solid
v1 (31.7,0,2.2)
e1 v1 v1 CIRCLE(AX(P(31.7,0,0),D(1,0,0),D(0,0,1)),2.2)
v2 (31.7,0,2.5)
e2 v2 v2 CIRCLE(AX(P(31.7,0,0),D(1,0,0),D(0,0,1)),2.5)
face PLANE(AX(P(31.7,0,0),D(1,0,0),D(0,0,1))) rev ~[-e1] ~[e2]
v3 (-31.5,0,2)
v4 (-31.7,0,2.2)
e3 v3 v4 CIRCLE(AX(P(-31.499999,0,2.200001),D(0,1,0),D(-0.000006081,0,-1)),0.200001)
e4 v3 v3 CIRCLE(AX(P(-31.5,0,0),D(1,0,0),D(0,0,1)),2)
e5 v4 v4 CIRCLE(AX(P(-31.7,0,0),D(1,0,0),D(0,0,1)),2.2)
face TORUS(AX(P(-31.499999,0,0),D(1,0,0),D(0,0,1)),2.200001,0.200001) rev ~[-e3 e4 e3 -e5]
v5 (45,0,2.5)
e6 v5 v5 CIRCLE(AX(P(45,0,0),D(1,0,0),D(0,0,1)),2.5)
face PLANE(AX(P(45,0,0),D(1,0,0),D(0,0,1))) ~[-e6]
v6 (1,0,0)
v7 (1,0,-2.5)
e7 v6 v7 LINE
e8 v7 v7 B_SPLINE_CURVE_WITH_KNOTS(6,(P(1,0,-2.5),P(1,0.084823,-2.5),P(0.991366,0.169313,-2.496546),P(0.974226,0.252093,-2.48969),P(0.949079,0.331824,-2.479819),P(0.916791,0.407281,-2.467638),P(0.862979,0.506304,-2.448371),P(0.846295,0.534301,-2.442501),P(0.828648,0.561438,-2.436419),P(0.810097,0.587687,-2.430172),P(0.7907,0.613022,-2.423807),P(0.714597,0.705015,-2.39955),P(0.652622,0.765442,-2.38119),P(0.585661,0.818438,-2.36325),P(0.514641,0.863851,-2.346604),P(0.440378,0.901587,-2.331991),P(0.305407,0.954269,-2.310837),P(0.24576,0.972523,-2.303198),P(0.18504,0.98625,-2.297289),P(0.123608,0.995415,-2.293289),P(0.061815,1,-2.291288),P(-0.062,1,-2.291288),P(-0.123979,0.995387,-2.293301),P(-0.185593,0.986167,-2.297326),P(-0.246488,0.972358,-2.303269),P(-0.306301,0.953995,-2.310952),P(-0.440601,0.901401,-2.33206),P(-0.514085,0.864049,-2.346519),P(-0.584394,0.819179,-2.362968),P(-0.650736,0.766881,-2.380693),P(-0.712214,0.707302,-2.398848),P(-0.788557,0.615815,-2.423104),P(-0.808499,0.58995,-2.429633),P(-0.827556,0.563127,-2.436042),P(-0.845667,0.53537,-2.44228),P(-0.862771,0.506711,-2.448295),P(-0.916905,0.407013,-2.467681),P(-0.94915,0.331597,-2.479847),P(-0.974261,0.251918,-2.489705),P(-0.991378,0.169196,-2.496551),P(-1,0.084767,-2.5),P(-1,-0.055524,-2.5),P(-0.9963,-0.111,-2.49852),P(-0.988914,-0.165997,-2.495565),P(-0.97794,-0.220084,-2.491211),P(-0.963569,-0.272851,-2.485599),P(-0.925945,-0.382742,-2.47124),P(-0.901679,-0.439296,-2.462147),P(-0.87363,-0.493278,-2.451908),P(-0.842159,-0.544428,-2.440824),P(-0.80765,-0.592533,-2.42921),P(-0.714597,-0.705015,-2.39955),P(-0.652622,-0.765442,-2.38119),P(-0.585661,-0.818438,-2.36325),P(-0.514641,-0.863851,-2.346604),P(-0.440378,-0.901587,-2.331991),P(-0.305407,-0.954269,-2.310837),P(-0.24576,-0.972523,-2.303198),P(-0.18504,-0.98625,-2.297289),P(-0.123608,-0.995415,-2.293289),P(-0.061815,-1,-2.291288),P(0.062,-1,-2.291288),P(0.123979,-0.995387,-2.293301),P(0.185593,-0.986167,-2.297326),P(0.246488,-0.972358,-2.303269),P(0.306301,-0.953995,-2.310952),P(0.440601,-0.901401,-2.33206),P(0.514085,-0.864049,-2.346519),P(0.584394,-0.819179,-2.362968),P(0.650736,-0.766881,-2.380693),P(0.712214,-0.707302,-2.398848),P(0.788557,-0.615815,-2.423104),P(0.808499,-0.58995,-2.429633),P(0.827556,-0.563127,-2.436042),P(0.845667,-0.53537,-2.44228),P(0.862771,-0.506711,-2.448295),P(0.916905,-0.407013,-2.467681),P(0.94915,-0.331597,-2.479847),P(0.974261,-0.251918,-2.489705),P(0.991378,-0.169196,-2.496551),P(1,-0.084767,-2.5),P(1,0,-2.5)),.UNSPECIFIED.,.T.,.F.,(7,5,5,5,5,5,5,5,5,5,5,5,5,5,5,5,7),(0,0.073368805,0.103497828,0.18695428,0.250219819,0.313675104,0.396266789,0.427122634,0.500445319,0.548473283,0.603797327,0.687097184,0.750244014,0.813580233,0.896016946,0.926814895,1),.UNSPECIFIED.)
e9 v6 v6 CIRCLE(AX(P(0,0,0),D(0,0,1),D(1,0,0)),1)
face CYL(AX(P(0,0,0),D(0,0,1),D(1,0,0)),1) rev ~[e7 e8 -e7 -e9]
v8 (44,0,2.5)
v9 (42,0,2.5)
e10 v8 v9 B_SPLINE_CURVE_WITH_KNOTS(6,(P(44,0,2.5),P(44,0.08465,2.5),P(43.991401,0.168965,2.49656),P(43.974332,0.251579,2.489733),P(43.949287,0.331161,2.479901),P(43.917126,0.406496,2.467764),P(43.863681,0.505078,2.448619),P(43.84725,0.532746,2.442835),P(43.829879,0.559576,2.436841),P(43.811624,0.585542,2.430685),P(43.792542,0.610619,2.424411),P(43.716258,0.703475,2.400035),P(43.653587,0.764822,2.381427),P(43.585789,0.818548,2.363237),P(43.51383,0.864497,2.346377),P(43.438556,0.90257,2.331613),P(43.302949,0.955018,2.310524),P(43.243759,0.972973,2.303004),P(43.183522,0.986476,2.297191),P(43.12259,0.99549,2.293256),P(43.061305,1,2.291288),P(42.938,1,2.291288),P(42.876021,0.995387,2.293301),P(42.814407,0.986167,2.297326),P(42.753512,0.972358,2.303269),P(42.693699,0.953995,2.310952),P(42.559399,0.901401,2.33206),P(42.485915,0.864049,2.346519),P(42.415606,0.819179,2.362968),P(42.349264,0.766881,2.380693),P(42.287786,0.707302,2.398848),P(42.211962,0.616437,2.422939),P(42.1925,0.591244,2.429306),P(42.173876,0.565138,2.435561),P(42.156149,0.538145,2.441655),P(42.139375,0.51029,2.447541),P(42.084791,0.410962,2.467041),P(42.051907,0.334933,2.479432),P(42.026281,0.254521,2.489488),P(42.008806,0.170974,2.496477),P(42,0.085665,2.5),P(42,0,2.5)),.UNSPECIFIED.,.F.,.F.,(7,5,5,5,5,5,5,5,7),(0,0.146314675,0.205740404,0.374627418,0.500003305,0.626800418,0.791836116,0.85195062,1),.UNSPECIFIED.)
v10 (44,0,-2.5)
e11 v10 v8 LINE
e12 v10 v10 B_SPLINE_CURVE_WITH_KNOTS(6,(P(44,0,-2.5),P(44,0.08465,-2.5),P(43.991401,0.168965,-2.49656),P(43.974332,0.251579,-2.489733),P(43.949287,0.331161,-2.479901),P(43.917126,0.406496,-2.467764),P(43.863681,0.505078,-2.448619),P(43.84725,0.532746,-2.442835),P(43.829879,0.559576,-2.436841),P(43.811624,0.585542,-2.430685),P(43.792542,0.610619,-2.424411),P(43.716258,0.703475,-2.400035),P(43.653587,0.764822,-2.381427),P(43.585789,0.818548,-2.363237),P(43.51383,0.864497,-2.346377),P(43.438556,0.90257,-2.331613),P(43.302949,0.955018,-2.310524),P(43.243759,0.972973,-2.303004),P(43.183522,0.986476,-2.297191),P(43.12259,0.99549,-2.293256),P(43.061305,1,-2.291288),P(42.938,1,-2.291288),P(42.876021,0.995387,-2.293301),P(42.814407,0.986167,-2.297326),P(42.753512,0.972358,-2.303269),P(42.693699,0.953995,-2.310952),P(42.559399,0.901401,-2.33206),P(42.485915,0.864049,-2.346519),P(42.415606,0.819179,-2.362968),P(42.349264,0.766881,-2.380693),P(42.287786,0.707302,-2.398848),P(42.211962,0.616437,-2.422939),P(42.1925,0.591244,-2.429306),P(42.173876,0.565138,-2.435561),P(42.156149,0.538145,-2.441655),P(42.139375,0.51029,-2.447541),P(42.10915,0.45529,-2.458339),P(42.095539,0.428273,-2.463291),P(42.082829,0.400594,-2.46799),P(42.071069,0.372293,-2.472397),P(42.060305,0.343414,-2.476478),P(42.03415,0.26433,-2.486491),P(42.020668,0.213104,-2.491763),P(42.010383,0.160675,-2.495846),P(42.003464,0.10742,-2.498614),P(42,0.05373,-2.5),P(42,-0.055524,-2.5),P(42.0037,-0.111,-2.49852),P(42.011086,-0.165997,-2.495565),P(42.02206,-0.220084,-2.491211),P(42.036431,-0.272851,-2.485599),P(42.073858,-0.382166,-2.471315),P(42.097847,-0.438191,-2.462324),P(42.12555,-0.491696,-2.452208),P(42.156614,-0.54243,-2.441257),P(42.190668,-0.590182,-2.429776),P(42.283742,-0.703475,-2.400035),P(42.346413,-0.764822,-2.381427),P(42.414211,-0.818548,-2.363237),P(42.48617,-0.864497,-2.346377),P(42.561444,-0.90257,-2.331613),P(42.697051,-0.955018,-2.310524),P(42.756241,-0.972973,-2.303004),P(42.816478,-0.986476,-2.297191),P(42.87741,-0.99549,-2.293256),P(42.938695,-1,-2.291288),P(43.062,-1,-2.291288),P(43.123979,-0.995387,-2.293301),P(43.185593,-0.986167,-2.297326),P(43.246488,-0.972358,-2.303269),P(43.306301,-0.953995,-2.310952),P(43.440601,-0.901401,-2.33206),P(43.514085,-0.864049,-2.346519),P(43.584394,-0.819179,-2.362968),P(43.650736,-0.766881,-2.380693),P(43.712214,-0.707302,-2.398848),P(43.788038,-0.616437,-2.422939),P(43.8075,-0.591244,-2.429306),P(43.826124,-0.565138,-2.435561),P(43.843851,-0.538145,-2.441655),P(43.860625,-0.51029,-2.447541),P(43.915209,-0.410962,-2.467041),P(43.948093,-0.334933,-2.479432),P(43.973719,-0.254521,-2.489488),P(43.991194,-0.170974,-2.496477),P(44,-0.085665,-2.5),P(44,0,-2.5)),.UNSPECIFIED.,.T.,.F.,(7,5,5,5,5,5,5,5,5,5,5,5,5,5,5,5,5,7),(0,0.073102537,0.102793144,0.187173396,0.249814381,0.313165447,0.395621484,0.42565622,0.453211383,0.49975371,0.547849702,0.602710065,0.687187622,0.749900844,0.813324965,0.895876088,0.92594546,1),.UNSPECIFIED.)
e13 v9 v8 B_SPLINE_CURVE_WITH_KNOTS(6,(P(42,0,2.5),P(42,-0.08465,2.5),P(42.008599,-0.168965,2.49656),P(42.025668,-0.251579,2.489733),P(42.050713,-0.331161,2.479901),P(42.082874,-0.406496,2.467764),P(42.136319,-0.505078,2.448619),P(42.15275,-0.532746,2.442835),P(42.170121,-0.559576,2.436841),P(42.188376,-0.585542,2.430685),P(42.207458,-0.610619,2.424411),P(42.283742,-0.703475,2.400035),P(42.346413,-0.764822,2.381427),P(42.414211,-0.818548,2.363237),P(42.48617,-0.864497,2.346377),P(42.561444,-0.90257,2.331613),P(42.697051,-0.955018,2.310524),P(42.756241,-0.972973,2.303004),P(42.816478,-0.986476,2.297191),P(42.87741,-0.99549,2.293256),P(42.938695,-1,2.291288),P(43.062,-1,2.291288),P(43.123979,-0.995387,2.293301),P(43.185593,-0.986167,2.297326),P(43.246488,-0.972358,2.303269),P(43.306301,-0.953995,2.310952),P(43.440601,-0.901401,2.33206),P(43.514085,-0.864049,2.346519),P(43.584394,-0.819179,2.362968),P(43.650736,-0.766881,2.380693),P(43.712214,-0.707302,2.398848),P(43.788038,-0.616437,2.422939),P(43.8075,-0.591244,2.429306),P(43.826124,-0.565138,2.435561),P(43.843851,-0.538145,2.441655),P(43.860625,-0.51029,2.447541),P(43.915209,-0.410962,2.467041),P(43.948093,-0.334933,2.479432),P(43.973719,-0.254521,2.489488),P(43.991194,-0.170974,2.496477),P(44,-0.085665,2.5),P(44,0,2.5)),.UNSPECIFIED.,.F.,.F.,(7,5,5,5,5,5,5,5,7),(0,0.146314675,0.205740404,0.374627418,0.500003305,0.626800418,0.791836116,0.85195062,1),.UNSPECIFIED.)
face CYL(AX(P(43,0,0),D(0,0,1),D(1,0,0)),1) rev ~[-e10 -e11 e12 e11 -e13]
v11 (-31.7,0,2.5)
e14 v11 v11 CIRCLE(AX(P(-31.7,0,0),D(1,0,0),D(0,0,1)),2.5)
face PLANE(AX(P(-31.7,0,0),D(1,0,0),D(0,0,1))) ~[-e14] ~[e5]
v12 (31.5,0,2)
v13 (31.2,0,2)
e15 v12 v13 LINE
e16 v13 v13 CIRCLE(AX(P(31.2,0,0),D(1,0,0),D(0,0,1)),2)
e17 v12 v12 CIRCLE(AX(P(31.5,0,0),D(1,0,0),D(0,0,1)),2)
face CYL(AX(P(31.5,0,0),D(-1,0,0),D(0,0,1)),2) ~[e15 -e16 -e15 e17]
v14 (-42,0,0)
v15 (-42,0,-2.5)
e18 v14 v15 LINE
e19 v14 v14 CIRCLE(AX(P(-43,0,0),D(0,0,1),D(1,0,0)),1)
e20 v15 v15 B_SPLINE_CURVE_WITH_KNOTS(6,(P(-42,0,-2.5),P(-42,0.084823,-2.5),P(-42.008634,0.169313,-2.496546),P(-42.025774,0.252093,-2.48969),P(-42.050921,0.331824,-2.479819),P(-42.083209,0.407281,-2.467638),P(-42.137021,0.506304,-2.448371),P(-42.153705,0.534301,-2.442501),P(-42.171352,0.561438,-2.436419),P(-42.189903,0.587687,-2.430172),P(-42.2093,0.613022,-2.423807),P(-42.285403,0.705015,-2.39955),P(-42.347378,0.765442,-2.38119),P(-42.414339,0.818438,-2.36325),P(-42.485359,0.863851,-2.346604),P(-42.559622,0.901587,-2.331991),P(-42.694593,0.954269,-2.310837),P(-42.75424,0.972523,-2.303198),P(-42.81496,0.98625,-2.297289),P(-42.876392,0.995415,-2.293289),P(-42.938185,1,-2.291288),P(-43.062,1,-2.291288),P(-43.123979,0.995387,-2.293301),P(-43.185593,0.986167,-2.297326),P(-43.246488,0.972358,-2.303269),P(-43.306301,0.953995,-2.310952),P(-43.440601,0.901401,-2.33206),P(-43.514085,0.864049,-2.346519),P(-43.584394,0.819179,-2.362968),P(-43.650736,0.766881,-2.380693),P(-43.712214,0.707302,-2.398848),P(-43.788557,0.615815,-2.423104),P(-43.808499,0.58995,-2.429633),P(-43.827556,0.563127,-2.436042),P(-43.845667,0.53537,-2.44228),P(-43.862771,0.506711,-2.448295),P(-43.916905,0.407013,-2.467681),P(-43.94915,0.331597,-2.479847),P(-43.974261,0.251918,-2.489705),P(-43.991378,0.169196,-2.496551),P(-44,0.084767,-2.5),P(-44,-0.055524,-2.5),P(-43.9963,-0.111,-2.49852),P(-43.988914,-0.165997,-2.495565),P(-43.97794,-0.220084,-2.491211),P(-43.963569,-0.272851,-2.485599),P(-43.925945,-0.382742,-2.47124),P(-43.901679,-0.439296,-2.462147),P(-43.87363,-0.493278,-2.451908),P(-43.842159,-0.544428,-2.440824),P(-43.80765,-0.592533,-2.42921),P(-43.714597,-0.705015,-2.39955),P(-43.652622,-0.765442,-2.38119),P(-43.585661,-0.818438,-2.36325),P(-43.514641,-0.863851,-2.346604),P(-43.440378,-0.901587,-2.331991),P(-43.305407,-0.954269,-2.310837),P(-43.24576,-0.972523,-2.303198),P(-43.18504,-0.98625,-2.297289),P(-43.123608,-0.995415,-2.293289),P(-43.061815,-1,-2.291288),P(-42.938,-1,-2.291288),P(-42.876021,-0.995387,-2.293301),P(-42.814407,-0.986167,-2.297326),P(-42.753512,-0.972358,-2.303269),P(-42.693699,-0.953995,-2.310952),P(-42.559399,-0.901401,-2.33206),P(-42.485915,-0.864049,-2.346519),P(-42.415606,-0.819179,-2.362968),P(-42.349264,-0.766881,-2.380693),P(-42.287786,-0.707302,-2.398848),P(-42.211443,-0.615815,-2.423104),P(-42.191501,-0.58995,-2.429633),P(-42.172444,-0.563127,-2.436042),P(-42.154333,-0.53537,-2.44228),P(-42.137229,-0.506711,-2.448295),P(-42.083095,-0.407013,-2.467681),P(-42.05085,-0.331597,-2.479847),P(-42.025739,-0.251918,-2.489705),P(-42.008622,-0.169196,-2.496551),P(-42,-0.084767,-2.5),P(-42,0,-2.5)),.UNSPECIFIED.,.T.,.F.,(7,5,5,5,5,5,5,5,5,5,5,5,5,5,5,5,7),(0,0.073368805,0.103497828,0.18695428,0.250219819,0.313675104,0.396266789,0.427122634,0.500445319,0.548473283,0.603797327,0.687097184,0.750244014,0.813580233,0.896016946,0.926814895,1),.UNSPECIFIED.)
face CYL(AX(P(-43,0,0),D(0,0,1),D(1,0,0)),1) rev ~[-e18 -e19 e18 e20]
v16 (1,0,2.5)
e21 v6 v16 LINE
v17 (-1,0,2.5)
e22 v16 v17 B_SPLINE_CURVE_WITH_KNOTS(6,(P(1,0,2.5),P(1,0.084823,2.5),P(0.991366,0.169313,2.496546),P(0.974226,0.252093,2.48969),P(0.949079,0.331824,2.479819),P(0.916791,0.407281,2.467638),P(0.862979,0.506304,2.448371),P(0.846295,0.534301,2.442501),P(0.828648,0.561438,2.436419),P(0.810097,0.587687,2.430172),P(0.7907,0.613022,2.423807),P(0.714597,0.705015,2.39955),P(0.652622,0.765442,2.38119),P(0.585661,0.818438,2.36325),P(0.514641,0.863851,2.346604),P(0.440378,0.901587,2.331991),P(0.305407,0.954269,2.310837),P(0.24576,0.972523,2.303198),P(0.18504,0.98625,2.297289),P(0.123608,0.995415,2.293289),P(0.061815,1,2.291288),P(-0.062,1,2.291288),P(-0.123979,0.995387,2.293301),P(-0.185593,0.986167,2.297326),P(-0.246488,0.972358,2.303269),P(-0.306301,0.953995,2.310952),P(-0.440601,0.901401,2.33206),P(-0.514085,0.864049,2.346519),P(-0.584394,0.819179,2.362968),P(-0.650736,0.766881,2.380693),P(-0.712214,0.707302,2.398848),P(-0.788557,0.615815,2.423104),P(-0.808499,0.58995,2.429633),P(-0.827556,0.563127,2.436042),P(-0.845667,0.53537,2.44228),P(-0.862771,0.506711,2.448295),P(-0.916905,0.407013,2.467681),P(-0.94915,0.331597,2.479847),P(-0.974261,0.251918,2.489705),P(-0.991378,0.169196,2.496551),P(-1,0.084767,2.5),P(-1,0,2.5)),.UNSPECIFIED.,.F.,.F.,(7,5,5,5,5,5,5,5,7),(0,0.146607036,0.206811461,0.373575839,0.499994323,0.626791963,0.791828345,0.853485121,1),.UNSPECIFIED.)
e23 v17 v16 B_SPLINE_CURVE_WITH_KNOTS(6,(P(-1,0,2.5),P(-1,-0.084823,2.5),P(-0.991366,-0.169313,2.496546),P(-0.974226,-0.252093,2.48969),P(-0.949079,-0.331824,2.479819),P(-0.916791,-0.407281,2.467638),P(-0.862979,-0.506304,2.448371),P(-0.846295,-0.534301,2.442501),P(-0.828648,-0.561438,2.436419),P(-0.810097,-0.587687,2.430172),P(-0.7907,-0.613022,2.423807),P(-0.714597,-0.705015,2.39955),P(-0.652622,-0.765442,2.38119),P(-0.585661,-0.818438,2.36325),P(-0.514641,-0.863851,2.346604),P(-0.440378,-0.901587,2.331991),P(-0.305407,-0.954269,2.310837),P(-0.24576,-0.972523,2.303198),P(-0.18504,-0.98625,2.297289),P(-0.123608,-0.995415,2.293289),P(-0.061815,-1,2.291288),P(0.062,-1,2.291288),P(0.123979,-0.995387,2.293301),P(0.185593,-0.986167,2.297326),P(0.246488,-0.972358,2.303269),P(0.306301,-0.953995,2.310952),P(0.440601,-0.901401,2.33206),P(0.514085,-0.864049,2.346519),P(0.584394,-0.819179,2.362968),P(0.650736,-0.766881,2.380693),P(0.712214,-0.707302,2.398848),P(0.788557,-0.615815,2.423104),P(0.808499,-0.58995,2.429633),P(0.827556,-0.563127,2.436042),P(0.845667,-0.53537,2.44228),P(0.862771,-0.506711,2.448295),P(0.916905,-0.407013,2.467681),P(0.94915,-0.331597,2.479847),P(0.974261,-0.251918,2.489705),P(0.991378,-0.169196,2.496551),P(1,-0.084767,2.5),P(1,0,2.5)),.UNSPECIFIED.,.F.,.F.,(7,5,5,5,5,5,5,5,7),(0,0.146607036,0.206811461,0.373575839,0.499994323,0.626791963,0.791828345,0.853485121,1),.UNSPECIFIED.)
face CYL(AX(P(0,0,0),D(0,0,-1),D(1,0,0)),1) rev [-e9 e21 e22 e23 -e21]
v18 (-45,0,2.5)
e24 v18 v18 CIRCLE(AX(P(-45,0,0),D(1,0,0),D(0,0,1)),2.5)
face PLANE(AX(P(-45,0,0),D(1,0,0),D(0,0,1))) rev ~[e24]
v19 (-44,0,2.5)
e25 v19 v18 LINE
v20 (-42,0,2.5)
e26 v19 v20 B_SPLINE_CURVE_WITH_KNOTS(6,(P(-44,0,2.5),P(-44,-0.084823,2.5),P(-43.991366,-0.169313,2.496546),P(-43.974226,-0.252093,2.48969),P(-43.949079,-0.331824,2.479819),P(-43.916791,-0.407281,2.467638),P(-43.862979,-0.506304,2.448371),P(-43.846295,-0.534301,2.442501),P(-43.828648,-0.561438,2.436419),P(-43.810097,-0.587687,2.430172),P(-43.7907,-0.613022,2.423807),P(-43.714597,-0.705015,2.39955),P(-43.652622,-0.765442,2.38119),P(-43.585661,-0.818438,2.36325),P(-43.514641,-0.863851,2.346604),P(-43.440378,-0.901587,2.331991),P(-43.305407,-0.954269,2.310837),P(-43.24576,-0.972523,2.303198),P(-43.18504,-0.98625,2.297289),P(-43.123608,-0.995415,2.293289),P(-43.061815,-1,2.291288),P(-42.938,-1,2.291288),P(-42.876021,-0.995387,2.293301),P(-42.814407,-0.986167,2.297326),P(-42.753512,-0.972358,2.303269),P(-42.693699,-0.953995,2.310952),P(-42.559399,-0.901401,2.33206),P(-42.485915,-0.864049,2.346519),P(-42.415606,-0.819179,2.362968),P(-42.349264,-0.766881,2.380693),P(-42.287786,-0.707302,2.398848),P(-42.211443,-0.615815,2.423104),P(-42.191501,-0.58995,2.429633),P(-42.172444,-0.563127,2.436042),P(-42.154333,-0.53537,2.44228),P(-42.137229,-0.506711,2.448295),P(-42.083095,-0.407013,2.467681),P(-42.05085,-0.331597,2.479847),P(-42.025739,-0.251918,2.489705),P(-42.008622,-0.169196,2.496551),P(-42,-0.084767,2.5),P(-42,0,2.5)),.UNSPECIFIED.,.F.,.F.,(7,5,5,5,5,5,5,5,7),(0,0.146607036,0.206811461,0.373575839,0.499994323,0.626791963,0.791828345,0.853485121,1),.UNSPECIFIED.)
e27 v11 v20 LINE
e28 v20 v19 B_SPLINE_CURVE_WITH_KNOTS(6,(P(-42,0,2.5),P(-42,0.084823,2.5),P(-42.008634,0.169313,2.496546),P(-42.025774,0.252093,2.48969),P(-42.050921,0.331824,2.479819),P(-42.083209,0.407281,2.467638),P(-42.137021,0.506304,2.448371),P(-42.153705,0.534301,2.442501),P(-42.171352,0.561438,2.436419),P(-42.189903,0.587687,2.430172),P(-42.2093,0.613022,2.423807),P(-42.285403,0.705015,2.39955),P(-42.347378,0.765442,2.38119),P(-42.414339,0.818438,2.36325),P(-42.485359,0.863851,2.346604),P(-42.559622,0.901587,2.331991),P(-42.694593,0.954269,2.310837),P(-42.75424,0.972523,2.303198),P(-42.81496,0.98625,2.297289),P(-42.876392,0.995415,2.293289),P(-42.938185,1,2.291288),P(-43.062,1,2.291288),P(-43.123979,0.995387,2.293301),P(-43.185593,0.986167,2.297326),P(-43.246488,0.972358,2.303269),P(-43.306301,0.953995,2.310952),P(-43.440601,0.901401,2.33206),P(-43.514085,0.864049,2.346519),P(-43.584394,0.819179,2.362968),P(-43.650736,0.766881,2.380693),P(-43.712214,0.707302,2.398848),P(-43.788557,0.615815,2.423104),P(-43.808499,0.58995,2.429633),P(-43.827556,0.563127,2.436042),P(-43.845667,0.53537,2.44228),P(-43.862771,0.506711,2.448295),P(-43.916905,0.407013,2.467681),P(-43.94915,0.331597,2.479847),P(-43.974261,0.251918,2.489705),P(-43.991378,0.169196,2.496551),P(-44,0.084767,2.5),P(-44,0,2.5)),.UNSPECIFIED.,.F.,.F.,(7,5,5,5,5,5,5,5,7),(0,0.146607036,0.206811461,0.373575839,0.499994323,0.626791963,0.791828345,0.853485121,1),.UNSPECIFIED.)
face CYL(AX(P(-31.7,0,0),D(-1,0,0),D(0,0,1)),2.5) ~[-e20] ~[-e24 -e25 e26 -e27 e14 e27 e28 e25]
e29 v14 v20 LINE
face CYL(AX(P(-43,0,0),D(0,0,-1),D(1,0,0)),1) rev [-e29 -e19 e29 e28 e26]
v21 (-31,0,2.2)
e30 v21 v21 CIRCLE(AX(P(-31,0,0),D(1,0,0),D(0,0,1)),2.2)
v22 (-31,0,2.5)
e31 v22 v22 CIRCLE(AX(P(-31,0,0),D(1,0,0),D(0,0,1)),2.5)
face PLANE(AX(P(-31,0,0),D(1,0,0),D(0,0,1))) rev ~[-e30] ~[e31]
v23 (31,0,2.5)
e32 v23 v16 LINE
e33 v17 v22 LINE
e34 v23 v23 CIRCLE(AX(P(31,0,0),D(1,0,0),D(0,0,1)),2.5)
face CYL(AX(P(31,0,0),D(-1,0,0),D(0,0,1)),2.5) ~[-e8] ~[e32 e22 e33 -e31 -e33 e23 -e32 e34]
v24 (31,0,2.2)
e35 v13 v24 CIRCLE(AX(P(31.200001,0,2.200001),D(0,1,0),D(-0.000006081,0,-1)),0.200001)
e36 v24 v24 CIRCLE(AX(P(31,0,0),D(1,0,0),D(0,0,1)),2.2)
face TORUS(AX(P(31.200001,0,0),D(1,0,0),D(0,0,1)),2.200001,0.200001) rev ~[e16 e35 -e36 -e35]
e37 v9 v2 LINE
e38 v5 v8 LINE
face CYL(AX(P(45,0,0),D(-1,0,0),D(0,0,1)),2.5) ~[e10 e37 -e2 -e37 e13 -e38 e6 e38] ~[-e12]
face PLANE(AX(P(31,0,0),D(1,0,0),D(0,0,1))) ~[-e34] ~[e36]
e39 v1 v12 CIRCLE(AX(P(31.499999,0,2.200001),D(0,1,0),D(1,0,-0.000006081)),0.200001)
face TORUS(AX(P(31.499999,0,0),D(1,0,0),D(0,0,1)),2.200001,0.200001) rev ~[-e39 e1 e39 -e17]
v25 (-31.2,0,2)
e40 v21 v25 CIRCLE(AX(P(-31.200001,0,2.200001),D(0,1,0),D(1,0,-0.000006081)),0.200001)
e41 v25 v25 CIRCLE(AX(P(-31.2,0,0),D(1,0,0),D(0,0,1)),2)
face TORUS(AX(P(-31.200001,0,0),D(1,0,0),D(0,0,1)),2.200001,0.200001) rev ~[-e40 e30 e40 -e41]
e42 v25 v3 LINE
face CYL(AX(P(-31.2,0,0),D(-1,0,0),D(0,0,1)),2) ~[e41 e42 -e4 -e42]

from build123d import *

# Parameters (mm, degrees)
F2_R     = 1
F3_DEPTH = 12.5


with BuildPart() as f1:
    # F0 (on Front) → F1 (revolve)
    with BuildSketch(Plane.XZ):
        with BuildLine():
            Line((-31.7, 2.5), (-45, 2.5))
            Line((-45, 2.5), (-45, 0))
            Line((-45, 0), (45, 0))
            Line((45, 0), (45, 2.5))
            Line((45, 2.5), (31.7, 2.5))
            Line((31.7, 2.5), (31.7, 2.2))
            ThreePointArc((31.7, 2.2), (31.641421, 2.058579), (31.5, 2))
            Line((31.5, 2), (31.2, 2))
            ThreePointArc((31.2, 2), (31.058579, 2.058579), (31, 2.2))
            Line((31, 2.2), (31, 2.5))
            Line((31, 2.5), (-31, 2.5))
            Line((-31, 2.5), (-31, 2.2))
            ThreePointArc((-31, 2.2), (-31.058579, 2.058579), (-31.2, 2))
            Line((-31.2, 2), (-31.5, 2))
            ThreePointArc((-31.5, 2), (-31.641421, 2.058579), (-31.7, 2.2))
            Line((-31.7, 2.2), (-31.7, 2.5))
        make_face()
    revolve(axis=Axis((0, 0, 0), (1, 0, 0)))

    # F2 (on Top) → F3 (cut, symmetric)
    with BuildSketch(Plane.XY):
        with Locations((-43, 0)):
            Circle(F2_R)
        Circle(F2_R)
        with Locations((43, 0)):
            Circle(F2_R)
    extrude(amount=F3_DEPTH, both=True, mode=Mode.SUBTRACT)


solid = f1.part
